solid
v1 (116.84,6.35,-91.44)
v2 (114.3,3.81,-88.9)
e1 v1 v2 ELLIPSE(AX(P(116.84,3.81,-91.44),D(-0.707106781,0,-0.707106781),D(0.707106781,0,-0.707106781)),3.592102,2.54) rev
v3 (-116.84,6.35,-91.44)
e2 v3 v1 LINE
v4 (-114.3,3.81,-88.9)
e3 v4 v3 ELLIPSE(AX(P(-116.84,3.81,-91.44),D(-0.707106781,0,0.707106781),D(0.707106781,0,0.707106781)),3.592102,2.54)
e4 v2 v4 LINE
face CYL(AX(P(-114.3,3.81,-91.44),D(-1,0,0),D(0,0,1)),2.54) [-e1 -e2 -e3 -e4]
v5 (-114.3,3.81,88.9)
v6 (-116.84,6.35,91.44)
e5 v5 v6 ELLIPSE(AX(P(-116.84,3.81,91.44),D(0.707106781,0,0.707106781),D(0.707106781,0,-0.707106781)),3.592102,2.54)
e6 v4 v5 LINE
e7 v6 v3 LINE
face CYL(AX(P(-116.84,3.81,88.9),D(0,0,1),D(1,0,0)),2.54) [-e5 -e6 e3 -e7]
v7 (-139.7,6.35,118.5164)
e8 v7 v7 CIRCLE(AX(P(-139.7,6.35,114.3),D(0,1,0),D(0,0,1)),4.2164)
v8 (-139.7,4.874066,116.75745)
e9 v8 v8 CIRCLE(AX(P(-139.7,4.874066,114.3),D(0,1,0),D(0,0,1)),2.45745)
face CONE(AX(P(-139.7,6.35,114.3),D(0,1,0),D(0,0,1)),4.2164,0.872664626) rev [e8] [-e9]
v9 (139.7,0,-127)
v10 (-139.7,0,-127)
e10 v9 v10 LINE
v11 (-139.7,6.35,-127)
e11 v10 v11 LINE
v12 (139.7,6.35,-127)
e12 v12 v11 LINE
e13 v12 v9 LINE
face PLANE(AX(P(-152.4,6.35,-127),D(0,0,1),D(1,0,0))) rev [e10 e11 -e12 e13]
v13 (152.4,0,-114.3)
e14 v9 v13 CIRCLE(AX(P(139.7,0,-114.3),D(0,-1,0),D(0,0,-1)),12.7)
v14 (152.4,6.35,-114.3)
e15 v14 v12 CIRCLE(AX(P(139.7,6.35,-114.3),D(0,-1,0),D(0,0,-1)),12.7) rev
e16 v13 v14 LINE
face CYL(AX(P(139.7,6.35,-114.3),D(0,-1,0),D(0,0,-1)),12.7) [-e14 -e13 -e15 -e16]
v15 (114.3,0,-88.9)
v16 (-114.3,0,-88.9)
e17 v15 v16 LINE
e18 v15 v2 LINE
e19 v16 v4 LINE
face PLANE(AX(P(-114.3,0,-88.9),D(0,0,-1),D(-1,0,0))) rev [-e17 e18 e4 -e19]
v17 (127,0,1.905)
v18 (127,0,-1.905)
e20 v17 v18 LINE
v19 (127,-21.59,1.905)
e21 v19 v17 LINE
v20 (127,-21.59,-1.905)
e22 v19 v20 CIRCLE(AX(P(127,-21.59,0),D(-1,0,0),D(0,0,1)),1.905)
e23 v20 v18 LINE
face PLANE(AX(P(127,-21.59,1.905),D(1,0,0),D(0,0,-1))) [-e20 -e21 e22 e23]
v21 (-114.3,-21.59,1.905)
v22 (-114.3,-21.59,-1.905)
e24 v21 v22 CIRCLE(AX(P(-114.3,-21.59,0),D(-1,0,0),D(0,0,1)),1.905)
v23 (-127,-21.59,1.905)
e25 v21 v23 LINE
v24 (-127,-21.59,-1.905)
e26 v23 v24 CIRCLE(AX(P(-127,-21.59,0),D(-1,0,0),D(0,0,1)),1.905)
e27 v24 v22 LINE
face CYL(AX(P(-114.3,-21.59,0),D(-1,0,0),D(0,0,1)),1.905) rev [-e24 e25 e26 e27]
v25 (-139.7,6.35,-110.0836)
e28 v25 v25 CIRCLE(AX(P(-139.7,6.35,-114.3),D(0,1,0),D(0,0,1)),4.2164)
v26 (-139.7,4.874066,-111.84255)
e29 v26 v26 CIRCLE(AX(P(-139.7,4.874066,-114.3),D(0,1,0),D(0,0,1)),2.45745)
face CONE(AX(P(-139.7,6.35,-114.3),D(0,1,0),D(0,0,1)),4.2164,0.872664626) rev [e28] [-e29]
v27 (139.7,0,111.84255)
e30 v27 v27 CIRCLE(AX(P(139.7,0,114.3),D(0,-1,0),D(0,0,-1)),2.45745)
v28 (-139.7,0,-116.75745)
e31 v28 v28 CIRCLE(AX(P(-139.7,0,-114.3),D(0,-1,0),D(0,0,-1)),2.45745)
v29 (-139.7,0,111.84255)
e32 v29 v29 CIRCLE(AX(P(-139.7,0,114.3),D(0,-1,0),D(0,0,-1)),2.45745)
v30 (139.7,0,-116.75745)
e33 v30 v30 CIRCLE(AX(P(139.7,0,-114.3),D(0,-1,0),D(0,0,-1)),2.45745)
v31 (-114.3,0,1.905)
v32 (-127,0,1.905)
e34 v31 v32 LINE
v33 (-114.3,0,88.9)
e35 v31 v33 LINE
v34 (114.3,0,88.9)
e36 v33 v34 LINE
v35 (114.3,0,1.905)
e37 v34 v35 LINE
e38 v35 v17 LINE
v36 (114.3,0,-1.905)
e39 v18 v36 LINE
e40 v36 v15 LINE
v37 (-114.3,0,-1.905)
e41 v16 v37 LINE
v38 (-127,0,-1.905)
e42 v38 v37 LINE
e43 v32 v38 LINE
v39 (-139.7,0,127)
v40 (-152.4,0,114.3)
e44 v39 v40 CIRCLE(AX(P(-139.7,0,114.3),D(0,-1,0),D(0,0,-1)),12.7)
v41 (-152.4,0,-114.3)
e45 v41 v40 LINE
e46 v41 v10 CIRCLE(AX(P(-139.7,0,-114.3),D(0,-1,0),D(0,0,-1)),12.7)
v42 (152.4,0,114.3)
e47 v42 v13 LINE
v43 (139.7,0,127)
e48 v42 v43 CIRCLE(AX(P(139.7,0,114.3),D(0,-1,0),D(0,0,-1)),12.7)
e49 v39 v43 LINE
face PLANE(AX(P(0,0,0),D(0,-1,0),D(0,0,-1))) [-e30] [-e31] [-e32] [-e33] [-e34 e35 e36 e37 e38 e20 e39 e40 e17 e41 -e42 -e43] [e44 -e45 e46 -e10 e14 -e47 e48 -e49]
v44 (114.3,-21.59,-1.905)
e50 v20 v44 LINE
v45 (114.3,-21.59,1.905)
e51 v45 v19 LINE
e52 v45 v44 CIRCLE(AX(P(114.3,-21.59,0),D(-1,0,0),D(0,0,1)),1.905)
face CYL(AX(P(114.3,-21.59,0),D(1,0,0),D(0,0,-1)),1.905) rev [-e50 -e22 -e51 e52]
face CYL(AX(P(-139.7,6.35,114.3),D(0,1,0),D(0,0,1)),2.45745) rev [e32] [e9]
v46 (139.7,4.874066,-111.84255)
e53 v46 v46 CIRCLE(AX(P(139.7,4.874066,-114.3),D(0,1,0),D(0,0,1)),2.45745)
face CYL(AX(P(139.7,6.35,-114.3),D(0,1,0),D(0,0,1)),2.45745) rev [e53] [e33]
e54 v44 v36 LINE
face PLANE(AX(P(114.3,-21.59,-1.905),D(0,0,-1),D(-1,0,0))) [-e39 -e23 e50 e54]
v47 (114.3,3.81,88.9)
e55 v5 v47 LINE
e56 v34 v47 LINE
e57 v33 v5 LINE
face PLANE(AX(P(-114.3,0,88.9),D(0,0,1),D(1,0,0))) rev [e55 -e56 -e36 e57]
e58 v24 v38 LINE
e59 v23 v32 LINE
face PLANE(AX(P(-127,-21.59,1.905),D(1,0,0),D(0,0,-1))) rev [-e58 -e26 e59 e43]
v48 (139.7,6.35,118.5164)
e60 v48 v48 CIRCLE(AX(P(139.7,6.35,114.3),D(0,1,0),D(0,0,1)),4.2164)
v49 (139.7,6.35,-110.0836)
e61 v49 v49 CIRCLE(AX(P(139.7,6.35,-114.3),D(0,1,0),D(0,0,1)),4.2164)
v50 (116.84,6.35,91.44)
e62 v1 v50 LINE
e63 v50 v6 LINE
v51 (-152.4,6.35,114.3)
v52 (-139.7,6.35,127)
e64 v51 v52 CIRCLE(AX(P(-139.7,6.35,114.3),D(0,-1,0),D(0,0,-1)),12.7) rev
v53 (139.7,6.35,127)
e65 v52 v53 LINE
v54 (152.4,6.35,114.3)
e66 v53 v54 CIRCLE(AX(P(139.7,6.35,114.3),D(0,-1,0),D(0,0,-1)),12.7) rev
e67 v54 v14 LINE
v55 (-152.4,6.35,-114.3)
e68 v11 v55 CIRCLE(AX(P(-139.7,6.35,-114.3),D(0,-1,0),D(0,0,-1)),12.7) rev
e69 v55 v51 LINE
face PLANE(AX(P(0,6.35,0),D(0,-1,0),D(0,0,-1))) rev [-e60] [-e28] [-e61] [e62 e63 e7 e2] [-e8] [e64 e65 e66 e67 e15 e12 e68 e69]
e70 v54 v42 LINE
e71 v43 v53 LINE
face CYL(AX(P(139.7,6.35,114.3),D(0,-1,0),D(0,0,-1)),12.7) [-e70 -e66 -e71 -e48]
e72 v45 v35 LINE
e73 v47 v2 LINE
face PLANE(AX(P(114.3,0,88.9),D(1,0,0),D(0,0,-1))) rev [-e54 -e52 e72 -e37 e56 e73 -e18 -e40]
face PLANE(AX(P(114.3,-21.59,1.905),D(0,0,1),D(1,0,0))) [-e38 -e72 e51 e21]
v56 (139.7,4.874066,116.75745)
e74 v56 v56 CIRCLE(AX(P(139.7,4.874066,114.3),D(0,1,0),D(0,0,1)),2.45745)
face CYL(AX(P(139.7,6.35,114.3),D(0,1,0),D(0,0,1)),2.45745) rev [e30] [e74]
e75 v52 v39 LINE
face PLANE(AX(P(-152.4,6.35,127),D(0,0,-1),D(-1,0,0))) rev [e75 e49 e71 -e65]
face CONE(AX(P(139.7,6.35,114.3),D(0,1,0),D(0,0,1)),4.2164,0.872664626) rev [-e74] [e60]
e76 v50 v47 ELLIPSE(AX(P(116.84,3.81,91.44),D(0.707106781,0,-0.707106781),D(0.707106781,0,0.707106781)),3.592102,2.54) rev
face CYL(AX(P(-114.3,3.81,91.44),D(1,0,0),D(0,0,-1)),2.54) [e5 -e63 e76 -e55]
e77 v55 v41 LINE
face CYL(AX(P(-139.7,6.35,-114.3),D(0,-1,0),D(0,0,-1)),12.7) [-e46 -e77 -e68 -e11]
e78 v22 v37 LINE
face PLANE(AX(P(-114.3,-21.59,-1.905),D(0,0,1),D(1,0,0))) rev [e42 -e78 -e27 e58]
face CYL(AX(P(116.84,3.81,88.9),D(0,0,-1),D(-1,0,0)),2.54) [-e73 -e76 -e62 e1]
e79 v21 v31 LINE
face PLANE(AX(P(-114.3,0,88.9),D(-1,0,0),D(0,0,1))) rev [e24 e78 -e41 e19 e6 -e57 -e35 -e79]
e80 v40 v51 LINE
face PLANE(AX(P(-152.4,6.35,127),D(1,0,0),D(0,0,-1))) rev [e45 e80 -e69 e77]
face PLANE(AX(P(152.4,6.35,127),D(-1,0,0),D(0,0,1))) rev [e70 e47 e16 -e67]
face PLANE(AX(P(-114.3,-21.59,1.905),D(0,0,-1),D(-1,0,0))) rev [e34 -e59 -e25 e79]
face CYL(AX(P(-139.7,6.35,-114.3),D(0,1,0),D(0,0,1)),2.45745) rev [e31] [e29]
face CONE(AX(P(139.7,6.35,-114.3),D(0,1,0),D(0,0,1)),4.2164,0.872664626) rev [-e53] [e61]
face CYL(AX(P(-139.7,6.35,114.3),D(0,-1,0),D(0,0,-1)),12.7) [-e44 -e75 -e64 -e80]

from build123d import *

# Parameters (mm, degrees)
SKETCH1_W                                         = 304.8
SKETCH1_H                                         = 254
BOSS_EXTRUDE1_DEPTH                               = 6.35
SKETCH2_W                                         = 228.6
SKETCH2_H                                         = 177.8
CUT_EXTRUDE1_DEPTH                                = 6.35
FILLET1_R                                         = 2.54
FILLET5_R                                         = 12.7
SKETCH6_W                                         = 12.7
SKETCH6_H                                         = 3.81
BOSS_EXTRUDE3_DEPTH                               = 21.59
SKETCH8_R                                         = 1.905
CUT_EXTRUDE5_DEPTH                                = 12.7
CSK_FOR_8_FLAT_HEAD_MACHINE_SCREW_100_D           = 4.9149
CSK_FOR_8_FLAT_HEAD_MACHINE_SCREW_100_DEPTH       = 10.668
CSK_FOR_8_FLAT_HEAD_MACHINE_SCREW_100_CSINK_D     = 8.4328
CSK_FOR_8_FLAT_HEAD_MACHINE_SCREW_100_CSINK_ANGLE = 100
CSK_FOR_8_FLAT_HEAD_MACHINE_SCREW_100_TIP         = 1.476584928


with BuildPart() as part:
    # Sketch1 → Boss-Extrude1 (new body)
    with BuildSketch(Plane(origin=(0, 0, 0), x_dir=(1, 0, 0), z_dir=(0, 1, 0))):
        Rectangle(SKETCH1_W, SKETCH1_H)
    extrude(amount=BOSS_EXTRUDE1_DEPTH)

    # Sketch2 → Cut-Extrude1 (cut)
    with BuildSketch(Plane(origin=(0, 6.35, 0), x_dir=(1, 0, 0), z_dir=(0, 1, 0))):
        Rectangle(SKETCH2_W, SKETCH2_H)
    extrude(amount=-CUT_EXTRUDE1_DEPTH, mode=Mode.SUBTRACT)

    # Fillet1
    fillet1_edges = [part.edges().sort_by_distance(p)[0] for p in [
        (114.3, 6.35, 0),
        (0, 6.35, -88.9),
        (-114.3, 6.35, 0),
        (0, 6.35, 88.9),
    ]]
    fillet(fillet1_edges, radius=FILLET1_R)

    # Fillet5
    fillet5_edges = [part.edges().sort_by_distance(p)[0] for p in [
        (152.4, 3.175, 127),
        (-152.4, 3.175, 127),
        (-152.4, 3.175, -127),
        (152.4, 3.175, -127),
    ]]
    fillet(fillet5_edges, radius=FILLET5_R)

    # Sketch6 → Boss-Extrude3 (add)
    with BuildSketch(Plane.XZ):
        with Locations((-120.65, 0)):
            Rectangle(SKETCH6_W, SKETCH6_H)
    boss_extrude3 = extrude(amount=BOSS_EXTRUDE3_DEPTH)

    # Sketch8 → Cut-Extrude5 (cut)
    with BuildSketch(Plane.ZY.offset(127)):
        with Locations((0, -21.59)):
            Circle(SKETCH8_R)
    cut_extrude5 = extrude(amount=-CUT_EXTRUDE5_DEPTH, mode=Mode.SUBTRACT)

    # Mirror1: Boss-Extrude3, Cut-Extrude5 across plane
    add(boss_extrude3.mirror(Plane(origin=(0, 0, 0), x_dir=(0, 0, 1), z_dir=(1, 0, 0))))
    add(cut_extrude5.mirror(Plane(origin=(0, 0, 0), x_dir=(0, 0, 1), z_dir=(1, 0, 0))), mode=Mode.SUBTRACT)

    # CSK for #8 Flat Head Machine Screw (100)1
    with Locations(Plane(origin=(0, 6.35, 0), x_dir=(1, 0, 0), z_dir=(0, 1, 0))):
        with Locations((-139.7, -114.3), (139.7, -114.3), (139.7, 114.3), (-139.7, 114.3)):
            CounterSinkHole(CSK_FOR_8_FLAT_HEAD_MACHINE_SCREW_100_D / 2, CSK_FOR_8_FLAT_HEAD_MACHINE_SCREW_100_CSINK_D / 2, depth=CSK_FOR_8_FLAT_HEAD_MACHINE_SCREW_100_DEPTH, counter_sink_angle=CSK_FOR_8_FLAT_HEAD_MACHINE_SCREW_100_CSINK_ANGLE)
            with Locations((0, 0, -(CSK_FOR_8_FLAT_HEAD_MACHINE_SCREW_100_DEPTH + CSK_FOR_8_FLAT_HEAD_MACHINE_SCREW_100_TIP / 2))):  # 118° drill point
                Cone(0, CSK_FOR_8_FLAT_HEAD_MACHINE_SCREW_100_D / 2, CSK_FOR_8_FLAT_HEAD_MACHINE_SCREW_100_TIP, mode=Mode.SUBTRACT)


solid = part.part
